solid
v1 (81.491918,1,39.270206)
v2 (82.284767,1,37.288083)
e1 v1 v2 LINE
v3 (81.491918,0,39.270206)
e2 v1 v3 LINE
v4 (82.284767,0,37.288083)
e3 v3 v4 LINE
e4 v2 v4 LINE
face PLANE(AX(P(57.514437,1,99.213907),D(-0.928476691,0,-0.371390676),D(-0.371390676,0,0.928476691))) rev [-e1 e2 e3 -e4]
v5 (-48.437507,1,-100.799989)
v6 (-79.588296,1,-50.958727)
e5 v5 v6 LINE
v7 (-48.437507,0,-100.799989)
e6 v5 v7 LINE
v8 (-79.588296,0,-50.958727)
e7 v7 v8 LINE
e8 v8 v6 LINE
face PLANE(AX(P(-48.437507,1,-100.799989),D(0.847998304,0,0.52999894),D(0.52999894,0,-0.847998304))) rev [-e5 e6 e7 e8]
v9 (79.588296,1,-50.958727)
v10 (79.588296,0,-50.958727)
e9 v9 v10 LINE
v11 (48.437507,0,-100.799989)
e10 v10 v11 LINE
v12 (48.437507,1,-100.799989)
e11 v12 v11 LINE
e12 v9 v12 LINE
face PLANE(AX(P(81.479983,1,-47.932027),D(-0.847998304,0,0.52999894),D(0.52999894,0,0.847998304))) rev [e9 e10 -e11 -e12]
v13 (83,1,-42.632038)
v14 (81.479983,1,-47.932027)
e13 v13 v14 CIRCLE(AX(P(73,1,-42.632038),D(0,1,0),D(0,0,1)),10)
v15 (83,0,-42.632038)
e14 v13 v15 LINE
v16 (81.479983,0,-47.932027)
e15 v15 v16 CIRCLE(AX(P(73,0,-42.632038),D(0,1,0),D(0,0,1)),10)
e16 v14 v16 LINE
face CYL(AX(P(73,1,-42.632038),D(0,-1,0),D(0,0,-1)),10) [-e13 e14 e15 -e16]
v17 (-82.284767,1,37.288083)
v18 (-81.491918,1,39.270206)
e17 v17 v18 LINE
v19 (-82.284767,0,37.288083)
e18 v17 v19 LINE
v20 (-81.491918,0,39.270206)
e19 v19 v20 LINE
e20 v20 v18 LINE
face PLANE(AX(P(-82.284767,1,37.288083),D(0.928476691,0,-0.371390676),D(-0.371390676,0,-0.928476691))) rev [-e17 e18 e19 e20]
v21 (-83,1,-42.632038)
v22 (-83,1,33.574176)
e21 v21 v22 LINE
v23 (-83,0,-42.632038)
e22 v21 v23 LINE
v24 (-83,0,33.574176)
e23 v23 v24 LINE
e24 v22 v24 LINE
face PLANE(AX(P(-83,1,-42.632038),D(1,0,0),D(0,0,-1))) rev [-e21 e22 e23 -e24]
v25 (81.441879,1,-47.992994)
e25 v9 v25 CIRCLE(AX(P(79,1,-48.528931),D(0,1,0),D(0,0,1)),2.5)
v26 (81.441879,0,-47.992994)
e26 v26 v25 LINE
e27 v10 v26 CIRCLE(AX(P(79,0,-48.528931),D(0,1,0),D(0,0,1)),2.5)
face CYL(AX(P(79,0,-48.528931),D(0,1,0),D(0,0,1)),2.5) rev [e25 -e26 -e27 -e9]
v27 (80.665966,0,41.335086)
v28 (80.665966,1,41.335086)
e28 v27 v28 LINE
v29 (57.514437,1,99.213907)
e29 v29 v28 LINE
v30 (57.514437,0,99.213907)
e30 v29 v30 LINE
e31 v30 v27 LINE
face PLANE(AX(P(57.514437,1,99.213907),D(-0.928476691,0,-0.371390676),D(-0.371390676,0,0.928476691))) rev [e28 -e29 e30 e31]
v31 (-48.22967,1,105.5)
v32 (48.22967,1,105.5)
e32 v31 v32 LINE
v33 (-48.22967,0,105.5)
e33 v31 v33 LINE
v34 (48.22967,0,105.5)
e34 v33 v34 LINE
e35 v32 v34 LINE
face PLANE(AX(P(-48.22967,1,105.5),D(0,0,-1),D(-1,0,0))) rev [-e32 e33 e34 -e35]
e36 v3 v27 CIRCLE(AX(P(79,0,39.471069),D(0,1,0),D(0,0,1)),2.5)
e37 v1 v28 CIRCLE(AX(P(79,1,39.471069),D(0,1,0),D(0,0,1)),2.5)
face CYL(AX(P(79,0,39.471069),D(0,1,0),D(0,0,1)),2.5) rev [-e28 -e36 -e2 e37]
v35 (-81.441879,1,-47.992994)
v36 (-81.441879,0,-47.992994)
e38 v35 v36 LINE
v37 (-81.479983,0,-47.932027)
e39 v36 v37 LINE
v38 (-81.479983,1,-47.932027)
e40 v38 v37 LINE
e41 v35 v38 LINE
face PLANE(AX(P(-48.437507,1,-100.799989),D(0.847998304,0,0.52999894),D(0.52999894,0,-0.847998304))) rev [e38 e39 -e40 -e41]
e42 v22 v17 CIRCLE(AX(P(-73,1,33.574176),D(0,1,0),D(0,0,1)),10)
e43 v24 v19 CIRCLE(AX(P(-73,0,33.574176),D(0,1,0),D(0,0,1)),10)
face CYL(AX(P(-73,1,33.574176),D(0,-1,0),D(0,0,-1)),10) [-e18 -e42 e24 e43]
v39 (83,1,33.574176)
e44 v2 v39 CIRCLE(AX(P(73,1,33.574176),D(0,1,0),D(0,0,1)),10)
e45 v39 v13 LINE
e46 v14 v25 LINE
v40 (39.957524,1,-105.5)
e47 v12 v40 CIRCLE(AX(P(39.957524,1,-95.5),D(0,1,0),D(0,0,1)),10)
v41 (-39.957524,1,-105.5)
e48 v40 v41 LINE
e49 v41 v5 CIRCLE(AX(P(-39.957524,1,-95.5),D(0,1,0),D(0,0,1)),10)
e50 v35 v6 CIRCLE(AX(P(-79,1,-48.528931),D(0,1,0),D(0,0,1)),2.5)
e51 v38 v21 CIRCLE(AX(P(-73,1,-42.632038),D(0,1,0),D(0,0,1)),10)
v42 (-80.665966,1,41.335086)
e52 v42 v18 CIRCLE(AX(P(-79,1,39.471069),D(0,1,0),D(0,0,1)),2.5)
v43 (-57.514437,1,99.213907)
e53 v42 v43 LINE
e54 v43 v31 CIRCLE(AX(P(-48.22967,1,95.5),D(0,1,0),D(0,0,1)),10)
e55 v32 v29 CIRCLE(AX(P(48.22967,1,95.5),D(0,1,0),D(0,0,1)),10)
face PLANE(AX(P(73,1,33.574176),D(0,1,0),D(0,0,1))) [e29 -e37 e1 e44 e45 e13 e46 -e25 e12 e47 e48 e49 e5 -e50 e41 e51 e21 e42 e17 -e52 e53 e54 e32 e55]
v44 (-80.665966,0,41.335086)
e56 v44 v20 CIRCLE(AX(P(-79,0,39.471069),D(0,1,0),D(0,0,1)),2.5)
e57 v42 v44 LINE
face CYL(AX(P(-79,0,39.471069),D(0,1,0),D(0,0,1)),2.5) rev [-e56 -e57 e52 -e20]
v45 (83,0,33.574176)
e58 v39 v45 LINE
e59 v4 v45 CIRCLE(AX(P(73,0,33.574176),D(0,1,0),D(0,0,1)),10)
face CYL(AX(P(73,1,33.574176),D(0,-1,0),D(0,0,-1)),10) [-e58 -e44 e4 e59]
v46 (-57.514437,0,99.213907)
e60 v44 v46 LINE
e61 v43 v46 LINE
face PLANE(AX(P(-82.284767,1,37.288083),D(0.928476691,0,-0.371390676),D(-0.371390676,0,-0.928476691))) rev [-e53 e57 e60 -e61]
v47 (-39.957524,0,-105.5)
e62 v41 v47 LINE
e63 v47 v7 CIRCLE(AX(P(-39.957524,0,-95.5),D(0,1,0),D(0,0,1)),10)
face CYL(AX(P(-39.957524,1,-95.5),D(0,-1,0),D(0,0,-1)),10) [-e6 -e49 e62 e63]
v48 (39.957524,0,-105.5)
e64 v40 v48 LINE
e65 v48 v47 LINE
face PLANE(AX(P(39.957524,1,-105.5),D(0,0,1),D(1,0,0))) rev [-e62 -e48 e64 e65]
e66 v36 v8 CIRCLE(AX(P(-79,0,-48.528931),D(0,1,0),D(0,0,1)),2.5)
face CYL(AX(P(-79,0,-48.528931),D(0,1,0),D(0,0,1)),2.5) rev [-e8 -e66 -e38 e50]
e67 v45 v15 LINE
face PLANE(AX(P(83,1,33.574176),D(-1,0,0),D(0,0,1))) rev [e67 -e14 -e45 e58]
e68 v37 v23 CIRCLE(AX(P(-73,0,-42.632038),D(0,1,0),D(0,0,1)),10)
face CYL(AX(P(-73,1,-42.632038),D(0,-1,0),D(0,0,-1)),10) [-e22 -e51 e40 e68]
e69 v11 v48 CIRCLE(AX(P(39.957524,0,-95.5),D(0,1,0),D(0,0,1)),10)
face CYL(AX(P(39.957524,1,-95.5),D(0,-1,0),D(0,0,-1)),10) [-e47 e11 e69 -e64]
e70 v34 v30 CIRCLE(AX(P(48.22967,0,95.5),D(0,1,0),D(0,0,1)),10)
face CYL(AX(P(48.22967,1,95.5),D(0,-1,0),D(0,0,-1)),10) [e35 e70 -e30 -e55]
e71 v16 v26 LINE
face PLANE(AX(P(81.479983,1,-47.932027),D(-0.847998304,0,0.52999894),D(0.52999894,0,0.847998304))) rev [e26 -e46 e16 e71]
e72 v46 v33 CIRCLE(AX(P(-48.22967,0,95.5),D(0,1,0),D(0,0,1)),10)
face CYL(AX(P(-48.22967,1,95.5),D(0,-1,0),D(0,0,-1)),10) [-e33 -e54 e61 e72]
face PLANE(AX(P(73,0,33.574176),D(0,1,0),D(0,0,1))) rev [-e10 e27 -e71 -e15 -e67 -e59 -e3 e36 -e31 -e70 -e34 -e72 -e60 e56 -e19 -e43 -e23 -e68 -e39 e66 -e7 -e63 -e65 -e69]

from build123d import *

# Parameters (mm, degrees)
BOSS_EXTRUDE1_DEPTH = 1
SKETCH2_R           = 2.5
CUT_EXTRUDE1_DEPTH  = 1


with BuildPart() as part:
    # Sketch1 → Boss-Extrude1 (new body)
    with BuildSketch(Plane(origin=(0, 0, 0), x_dir=(1, 0, 0), z_dir=(0, 1, 0))):
        with BuildLine():
            Line((83, -33.574175964), (83, 42.632037736))
            ThreePointArc((83, 42.632037736), (82.612487462, 45.388862866), (81.47998304, 47.932027136))
            Line((81.47998304, 47.932027136), (48.437506625, 100.7999894))
            ThreePointArc((48.437506625, 100.7999894), (44.805208909, 104.246424812), (39.957523585, 105.5))
            Line((39.957523585, 105.5), (-39.957523585, 105.5))
            ThreePointArc((-39.957523585, 105.5), (-44.805208909, 104.246424812), (-48.437506625, 100.7999894))
            Line((-48.437506625, 100.7999894), (-81.47998304, 47.932027136))
            ThreePointArc((-81.47998304, 47.932027136), (-82.612487462, 45.388862866), (-83, 42.632037736))
            Line((-83, 42.632037736), (-83, -33.574175964))
            ThreePointArc((-83, -33.574175964), (-82.819563867, -35.465251176), (-82.284766909, -37.288082728))
            Line((-82.284766909, -37.288082728), (-57.514437295, -99.213906764))
            ThreePointArc((-57.514437295, -99.213906764), (-53.835958479, -103.780672305), (-48.229670386, -105.5))
            Line((-48.229670386, -105.5), (48.229670386, -105.5))
            ThreePointArc((48.229670386, -105.5), (53.835958479, -103.780672305), (57.514437295, -99.213906764))
            Line((57.514437295, -99.213906764), (82.284766909, -37.288082728))
            ThreePointArc((82.284766909, -37.288082728), (82.819563867, -35.465251176), (83, -33.574175964))
        make_face()
    extrude(amount=BOSS_EXTRUDE1_DEPTH)

    # Sketch2 → Cut-Extrude1 (cut)
    with BuildSketch(Plane(origin=(0, 1, 0), x_dir=(1, 0, 0), z_dir=(0, 1, 0))):
        with Locations((79, 48.528930886)):
            Circle(SKETCH2_R)
        with Locations((79, -39.471069114)):
            Circle(SKETCH2_R)
        with Locations((-79, 48.528930886)):
            Circle(SKETCH2_R)
        with Locations((-79, -39.471069114)):
            Circle(SKETCH2_R)
    extrude(amount=-CUT_EXTRUDE1_DEPTH, mode=Mode.SUBTRACT)


solid = part.part
